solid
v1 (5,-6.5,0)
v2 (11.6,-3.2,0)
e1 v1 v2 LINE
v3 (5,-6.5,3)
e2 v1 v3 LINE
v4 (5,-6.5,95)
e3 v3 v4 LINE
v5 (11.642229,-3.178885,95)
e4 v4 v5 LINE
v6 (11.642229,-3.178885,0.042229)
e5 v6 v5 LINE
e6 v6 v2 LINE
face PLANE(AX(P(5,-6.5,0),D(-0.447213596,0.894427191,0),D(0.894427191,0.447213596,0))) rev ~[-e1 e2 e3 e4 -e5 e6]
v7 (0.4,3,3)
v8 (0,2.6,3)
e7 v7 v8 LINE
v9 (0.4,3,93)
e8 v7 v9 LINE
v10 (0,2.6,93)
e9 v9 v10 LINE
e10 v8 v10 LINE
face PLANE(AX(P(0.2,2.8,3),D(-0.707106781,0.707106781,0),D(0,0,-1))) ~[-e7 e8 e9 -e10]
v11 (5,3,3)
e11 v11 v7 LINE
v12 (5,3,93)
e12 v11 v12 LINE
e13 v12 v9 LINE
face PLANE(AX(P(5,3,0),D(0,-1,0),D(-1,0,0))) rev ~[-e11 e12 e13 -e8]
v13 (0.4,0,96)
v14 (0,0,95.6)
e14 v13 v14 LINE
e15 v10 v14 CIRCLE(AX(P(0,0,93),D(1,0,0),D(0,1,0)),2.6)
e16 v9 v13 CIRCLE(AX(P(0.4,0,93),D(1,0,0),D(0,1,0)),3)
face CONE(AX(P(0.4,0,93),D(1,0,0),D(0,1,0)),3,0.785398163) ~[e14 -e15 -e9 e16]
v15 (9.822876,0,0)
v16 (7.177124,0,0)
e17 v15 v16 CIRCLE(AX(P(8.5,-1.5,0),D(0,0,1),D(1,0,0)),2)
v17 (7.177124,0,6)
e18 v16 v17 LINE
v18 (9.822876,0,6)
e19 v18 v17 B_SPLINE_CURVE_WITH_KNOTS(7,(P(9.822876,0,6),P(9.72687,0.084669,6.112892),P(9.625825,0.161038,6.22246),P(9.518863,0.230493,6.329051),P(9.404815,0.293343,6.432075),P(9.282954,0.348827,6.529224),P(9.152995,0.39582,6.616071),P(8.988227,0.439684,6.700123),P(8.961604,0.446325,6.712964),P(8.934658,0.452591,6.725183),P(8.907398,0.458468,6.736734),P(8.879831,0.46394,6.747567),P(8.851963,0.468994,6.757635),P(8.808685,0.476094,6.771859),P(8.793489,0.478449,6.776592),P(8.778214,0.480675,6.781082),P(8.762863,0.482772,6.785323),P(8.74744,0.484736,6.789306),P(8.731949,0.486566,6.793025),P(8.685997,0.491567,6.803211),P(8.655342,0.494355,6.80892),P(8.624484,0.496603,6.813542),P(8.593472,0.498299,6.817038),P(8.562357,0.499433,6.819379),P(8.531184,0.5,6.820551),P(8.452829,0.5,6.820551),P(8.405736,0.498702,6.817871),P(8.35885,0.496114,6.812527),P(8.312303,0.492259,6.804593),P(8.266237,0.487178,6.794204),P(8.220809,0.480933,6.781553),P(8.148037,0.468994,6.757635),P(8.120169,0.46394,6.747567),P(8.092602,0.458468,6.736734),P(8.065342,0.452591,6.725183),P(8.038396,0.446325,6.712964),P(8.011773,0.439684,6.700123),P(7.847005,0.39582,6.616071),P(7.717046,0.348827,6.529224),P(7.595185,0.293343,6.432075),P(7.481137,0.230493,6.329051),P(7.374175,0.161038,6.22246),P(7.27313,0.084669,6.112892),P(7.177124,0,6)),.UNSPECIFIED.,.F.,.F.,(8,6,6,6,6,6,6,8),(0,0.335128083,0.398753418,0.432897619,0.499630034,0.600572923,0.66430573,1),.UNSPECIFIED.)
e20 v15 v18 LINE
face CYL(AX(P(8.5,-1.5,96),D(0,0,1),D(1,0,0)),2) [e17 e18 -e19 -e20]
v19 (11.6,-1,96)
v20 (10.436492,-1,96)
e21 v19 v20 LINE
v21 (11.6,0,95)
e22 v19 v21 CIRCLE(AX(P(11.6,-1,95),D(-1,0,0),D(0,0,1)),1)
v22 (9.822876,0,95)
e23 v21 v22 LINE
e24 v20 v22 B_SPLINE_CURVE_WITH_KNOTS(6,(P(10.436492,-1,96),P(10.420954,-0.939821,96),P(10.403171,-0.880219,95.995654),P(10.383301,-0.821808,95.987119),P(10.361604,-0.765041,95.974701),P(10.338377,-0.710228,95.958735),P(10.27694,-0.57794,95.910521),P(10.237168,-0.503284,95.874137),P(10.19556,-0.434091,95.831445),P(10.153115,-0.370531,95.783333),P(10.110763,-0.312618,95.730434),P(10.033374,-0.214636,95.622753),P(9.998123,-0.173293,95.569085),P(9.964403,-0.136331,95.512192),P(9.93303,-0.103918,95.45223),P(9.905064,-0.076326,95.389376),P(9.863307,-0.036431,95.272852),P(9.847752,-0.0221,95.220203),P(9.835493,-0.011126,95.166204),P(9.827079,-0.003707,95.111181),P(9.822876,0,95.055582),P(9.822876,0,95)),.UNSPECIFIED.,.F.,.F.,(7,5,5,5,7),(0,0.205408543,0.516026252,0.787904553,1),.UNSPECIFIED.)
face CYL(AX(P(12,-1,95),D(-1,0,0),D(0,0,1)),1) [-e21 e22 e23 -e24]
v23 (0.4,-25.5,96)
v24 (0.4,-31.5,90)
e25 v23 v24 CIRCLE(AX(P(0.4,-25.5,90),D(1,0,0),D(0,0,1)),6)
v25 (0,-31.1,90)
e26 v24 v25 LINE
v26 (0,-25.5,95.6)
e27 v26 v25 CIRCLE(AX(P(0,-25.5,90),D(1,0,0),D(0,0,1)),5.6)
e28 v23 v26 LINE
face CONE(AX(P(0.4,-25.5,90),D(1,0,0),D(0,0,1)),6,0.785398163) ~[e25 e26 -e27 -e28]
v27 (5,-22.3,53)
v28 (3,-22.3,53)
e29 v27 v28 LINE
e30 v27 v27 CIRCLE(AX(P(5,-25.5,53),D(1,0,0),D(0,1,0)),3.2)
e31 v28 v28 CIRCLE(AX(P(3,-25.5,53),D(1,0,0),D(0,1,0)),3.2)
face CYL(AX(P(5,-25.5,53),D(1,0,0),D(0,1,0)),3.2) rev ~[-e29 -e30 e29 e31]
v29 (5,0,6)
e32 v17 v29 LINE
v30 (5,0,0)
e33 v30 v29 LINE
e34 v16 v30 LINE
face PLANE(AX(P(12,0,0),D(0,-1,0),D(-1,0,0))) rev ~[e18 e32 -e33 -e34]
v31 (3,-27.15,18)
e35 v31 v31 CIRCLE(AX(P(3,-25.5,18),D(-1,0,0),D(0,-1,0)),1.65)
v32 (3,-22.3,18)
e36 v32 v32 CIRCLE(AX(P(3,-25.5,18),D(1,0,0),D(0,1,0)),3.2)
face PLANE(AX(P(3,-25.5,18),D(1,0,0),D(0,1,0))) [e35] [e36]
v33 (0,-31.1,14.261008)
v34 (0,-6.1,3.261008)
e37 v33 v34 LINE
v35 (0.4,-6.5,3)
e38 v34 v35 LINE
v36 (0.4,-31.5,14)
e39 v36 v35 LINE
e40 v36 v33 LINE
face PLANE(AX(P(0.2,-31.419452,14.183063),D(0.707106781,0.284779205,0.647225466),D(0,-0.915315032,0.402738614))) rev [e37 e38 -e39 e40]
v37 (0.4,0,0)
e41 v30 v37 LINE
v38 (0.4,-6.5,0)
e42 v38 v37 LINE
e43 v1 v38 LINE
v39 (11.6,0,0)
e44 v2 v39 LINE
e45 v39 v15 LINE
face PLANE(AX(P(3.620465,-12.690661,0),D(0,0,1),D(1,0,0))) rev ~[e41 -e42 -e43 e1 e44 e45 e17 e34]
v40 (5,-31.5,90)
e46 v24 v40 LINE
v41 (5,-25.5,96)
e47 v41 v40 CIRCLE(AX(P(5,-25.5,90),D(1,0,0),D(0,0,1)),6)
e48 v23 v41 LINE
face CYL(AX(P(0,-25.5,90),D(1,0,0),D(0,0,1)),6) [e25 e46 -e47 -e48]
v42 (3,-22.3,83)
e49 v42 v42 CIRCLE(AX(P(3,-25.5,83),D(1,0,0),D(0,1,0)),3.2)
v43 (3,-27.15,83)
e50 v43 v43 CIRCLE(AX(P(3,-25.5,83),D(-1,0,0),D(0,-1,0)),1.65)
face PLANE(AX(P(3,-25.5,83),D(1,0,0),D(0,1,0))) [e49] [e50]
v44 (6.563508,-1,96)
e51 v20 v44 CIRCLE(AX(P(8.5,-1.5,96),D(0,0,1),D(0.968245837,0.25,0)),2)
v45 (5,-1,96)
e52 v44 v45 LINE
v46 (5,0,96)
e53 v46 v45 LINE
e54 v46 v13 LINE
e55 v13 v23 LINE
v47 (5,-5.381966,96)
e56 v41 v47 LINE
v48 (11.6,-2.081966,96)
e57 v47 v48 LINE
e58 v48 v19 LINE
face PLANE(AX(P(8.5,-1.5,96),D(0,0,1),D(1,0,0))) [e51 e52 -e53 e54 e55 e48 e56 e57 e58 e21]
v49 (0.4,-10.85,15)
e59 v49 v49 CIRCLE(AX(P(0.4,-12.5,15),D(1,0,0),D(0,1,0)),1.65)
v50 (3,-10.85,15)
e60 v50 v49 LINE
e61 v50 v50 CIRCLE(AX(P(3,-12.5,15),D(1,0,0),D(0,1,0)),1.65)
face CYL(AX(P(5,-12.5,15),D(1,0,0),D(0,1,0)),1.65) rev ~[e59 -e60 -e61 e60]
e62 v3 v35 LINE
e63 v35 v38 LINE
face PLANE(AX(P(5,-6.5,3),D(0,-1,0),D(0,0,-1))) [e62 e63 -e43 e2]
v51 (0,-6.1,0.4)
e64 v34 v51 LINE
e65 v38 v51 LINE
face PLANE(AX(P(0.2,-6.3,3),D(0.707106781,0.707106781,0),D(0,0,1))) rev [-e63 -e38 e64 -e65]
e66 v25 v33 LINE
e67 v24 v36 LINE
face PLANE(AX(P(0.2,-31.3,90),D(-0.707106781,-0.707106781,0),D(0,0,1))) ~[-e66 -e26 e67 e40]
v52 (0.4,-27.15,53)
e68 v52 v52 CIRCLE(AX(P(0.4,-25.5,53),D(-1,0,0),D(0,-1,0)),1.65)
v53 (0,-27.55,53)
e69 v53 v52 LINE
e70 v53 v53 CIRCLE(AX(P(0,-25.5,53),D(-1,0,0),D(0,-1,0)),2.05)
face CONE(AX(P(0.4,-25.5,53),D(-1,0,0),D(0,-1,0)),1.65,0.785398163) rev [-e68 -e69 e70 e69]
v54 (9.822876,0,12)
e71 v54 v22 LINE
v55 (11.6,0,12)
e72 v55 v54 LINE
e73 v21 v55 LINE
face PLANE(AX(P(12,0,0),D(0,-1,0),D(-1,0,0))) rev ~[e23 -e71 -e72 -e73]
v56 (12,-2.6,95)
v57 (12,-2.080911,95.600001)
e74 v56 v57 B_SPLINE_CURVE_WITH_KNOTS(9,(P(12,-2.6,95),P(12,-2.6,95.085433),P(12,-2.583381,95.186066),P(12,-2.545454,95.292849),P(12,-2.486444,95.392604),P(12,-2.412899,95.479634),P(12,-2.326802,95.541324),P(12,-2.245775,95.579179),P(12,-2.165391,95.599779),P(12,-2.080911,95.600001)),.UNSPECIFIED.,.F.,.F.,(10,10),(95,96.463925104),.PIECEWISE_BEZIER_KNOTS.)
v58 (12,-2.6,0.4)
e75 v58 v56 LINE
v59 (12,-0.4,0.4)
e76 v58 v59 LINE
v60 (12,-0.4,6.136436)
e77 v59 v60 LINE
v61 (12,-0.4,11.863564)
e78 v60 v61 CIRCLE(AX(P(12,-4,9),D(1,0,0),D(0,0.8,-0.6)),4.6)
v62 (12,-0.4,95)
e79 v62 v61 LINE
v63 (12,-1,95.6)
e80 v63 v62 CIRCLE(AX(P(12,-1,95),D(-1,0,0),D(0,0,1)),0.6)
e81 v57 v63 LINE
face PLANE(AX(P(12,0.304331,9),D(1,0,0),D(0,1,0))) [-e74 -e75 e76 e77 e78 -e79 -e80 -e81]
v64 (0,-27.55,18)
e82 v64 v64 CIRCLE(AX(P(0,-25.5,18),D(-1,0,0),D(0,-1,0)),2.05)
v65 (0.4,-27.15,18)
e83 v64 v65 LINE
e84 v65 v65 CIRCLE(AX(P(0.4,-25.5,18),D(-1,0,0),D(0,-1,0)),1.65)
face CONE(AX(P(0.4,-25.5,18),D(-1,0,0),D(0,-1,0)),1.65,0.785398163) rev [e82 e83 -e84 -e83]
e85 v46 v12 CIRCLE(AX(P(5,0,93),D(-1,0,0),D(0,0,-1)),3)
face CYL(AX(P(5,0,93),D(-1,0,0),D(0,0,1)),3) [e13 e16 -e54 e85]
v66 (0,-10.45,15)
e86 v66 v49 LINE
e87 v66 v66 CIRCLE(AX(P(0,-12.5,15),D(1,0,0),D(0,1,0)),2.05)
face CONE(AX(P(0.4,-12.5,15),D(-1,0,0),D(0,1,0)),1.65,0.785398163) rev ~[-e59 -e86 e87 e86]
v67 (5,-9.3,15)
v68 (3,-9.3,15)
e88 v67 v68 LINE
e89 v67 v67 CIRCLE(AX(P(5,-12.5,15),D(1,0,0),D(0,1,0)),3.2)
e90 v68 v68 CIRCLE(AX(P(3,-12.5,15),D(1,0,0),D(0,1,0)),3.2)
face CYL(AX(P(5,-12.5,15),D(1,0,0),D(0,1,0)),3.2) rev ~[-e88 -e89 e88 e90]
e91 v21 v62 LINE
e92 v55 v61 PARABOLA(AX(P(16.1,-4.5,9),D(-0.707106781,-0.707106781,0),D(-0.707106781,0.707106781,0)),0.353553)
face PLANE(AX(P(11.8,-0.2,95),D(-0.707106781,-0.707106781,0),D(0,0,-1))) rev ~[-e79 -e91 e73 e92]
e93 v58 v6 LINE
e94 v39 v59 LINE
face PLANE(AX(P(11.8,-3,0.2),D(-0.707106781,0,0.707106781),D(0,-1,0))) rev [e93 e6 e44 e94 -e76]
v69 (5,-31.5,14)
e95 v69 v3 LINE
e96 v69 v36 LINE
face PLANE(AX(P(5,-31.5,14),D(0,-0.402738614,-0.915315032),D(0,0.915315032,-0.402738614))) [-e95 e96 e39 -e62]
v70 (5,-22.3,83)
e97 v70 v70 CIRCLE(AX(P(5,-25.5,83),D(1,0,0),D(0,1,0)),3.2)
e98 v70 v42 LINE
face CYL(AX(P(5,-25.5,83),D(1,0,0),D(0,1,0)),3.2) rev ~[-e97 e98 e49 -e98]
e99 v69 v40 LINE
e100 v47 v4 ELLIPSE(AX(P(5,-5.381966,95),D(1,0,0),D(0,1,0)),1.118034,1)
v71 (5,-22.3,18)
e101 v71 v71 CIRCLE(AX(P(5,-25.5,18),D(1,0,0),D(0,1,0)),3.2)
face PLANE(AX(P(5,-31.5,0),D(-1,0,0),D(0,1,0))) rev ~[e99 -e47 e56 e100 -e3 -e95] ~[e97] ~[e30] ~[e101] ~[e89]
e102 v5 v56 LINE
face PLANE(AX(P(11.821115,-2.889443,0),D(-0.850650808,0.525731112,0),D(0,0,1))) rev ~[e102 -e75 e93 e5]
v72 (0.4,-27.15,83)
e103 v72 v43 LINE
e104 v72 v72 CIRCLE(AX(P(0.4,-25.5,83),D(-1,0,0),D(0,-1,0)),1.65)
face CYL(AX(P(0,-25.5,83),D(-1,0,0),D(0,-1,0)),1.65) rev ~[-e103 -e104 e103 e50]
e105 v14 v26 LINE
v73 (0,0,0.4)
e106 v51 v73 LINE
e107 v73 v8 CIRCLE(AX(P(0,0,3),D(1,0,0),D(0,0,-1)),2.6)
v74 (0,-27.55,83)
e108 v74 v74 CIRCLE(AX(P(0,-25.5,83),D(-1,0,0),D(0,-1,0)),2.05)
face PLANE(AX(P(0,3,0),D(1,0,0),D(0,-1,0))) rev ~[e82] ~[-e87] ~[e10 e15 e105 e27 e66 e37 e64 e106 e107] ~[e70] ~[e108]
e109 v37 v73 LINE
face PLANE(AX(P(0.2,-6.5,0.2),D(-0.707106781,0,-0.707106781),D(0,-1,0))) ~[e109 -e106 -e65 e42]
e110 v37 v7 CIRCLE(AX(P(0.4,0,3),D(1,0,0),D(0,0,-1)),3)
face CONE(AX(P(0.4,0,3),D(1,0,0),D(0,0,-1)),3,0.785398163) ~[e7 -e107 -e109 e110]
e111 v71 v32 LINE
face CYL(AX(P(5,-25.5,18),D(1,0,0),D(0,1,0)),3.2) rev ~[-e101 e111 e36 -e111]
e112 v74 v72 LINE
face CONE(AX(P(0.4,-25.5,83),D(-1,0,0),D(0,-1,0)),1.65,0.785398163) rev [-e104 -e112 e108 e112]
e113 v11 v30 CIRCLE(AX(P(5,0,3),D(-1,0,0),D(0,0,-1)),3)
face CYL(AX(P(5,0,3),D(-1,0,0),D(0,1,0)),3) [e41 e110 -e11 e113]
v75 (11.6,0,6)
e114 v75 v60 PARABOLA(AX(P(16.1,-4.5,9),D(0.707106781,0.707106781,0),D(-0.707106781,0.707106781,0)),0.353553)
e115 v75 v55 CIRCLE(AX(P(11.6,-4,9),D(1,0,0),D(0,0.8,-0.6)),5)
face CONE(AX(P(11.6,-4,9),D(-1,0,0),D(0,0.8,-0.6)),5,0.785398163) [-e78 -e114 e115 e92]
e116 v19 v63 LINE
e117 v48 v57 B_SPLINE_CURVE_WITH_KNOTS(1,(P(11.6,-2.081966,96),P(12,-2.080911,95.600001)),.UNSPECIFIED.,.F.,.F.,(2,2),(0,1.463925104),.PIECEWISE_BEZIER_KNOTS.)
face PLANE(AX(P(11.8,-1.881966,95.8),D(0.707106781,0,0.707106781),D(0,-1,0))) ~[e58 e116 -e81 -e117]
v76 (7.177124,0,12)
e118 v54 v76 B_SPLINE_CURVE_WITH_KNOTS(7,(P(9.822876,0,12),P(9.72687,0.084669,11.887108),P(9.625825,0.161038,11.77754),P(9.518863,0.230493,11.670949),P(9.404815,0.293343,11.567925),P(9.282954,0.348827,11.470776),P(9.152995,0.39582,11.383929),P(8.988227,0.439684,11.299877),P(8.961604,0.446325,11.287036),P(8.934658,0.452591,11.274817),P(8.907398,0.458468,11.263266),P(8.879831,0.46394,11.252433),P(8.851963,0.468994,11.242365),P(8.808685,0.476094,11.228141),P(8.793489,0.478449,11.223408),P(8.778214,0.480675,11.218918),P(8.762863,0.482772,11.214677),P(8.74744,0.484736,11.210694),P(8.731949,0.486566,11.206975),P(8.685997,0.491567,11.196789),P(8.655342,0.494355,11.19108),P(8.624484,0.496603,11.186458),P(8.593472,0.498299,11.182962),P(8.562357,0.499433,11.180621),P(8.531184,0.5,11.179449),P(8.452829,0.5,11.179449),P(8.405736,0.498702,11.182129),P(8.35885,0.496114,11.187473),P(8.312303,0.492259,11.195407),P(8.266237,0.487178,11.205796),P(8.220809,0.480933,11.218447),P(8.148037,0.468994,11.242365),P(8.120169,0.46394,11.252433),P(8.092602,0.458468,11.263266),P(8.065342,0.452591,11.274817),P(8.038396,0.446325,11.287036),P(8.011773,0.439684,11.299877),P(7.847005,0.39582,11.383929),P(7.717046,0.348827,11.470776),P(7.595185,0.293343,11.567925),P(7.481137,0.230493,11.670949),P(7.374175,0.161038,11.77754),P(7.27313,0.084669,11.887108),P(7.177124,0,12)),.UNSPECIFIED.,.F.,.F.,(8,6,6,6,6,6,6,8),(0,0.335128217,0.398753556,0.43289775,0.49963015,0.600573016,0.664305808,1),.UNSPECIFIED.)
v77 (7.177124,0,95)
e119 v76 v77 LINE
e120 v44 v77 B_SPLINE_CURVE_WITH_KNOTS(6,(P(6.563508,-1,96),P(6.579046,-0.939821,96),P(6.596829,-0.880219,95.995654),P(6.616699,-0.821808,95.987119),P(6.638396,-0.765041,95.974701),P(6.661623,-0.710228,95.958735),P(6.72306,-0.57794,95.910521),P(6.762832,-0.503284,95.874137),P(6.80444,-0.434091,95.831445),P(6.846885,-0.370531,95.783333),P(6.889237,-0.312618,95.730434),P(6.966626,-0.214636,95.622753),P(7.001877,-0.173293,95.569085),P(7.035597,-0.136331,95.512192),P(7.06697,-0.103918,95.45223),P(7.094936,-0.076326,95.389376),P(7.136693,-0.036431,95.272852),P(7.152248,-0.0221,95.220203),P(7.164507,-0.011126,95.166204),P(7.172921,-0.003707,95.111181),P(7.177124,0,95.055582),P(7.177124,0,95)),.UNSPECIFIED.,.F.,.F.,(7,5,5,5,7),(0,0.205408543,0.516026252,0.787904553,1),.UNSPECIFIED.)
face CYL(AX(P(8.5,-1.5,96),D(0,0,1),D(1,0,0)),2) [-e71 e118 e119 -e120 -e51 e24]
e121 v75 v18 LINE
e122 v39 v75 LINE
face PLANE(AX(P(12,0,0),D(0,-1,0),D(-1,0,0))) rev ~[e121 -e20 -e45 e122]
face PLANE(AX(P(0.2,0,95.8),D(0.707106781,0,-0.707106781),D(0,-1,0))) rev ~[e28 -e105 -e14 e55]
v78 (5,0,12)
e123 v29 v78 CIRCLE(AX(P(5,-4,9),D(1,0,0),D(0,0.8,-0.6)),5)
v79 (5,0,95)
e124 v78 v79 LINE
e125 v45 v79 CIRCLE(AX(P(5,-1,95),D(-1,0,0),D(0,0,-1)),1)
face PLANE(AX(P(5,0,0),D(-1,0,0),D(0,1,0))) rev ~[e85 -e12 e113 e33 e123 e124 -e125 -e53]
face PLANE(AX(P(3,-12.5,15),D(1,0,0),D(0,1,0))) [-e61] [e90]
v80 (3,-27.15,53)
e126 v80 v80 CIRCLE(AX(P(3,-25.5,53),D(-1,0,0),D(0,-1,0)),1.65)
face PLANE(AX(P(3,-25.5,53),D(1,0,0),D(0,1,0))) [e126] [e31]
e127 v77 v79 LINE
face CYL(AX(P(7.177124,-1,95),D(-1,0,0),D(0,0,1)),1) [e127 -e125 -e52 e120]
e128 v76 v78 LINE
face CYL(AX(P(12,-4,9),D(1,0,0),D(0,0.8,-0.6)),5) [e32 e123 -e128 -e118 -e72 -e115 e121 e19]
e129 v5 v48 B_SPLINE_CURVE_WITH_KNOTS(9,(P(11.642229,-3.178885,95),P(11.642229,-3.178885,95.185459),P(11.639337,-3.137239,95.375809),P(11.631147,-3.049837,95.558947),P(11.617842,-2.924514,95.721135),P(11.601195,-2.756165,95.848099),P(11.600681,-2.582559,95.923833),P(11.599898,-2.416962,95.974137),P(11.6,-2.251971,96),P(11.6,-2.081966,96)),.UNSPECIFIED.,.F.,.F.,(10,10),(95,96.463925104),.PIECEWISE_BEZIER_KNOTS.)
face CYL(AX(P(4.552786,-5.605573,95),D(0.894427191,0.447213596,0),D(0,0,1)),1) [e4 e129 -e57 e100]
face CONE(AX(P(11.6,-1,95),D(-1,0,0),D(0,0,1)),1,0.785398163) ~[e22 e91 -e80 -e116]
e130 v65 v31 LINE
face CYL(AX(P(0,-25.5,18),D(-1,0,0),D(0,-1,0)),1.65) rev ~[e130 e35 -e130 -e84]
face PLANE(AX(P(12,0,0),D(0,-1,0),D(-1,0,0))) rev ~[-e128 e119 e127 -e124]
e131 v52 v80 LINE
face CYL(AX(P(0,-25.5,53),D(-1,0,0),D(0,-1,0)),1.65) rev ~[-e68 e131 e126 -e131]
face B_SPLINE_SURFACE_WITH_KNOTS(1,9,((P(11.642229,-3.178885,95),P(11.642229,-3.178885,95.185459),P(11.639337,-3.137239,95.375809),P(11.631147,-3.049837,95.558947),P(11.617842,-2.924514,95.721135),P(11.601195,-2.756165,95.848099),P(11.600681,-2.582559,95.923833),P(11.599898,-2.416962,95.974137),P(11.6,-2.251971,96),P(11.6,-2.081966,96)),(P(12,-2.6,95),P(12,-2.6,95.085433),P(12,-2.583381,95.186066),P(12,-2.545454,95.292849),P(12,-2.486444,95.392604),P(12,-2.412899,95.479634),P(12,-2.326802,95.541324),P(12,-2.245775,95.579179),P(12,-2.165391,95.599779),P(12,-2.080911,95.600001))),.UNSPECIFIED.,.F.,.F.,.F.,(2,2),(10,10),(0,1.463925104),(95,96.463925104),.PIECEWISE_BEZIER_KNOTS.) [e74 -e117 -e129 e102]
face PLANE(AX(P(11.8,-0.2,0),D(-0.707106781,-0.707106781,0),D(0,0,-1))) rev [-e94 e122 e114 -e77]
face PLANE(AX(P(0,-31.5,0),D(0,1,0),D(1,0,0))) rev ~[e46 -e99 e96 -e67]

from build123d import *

# Parameters (mm, degrees)
PAD_DEPTH       = 96
SKETCH001_R     = 2
PAD001_DEPTH    = 96
PAD002_DEPTH    = 7
SKETCH003_R     = 1.65
POCKET_DEPTH    = 12.001
SKETCH004_R     = 3.2
POCKET001_DEPTH = 2
POCKET004_DEPTH = 5.001
SKETCH014_R     = 1.65
POCKET010_DEPTH = 5.001
SKETCH015_R     = 3.2
POCKET011_DEPTH = 2
FILLET_R        = 6
FILLET001_R     = 3
CHAMFER001_SIZE = 0.4
FILLET002_R     = 1
CHAMFER002_SIZE = 0.4


with BuildPart() as part:
    # Sketch → Pad (new body)
    with BuildSketch(Plane.XY):
        Polygon((0, 0), (0, 3), (-5, 3), (-5, -31.5), (0, -31.5), (0, -6.5), (7, -3), (7, 0), align=None)
    extrude(amount=PAD_DEPTH)

    # Sketch001 (on Face10 of Pad) → Pad001 (join)
    with BuildSketch(Plane.XY.offset(96)):
        with Locations((3.5, -1.5)):
            Circle(SKETCH001_R)
    extrude(amount=-PAD001_DEPTH)

    # Sketch002 (on Face7 of Pad001) → Pad002 (join)
    with BuildSketch(Plane.YZ.offset(7)):
        with BuildLine():
            ThreePointArc((0, 6), (1, 9), (0, 12))
            Line((0, 12), (0, 6))
        make_face()
    extrude(amount=-PAD002_DEPTH)

    # Sketch003 (on Face14 of Pad002) → Pocket (cut, through all)
    with BuildSketch(Plane(origin=(-5, 0, 0), x_dir=(0, -1, 0), z_dir=(-1, 0, 0))):
        with Locations((25.5, 18)):
            Circle(SKETCH003_R)
        with Locations((25.5, 53)):
            Circle(SKETCH003_R)
        with Locations((25.5, 83)):
            Circle(SKETCH003_R)
    extrude(amount=-POCKET_DEPTH, mode=Mode.SUBTRACT)

    # Sketch004 (on Face12 of Pocket) → Pocket001 (cut)
    with BuildSketch(Plane.YZ):
        with Locations((-25.5, 83)):
            Circle(SKETCH004_R)
        with Locations((-25.5, 53)):
            Circle(SKETCH004_R)
        with Locations((-25.5, 18)):
            Circle(SKETCH004_R)
    extrude(amount=-POCKET001_DEPTH, mode=Mode.SUBTRACT)

    # Sketch008 (on Face12 of Pocket001) → Pocket004 (cut, through all)
    with BuildSketch(Plane.YZ):
        Polygon((-31.5, 0), (-31.5, 14), (-6.5, 3), (-6.5, 0), align=None)
    extrude(amount=-POCKET004_DEPTH, mode=Mode.SUBTRACT)

    # Sketch014 (on Face15 of Pocket004) → Pocket010 (cut, through all)
    with BuildSketch(Plane.YZ):
        with Locations((-12.5, 15)):
            Circle(SKETCH014_R)
    extrude(amount=-POCKET010_DEPTH, mode=Mode.SUBTRACT)

    # Sketch015 (on Face15 of Pocket010) → Pocket011 (cut)
    with BuildSketch(Plane.YZ):
        with Locations((-12.5, 15)):
            Circle(SKETCH015_R)
    extrude(amount=-POCKET011_DEPTH, mode=Mode.SUBTRACT)

    # Fillet
    fillet_edges = [part.edges().sort_by_distance(p)[0] for p in [
        (-2.5, -31.5, 96),
    ]]
    fillet(fillet_edges, radius=FILLET_R)

    # Fillet001
    fillet001_edges = [part.edges().sort_by_distance(p)[0] for p in [
        (-2.5, 3, 0),
        (-2.5, 3, 96),
    ]]
    fillet(fillet001_edges, radius=FILLET001_R)

    # Chamfer001
    chamfer001_edges = [part.edges().sort_by_distance(p)[0] for p in [
        (-5, -12.75, 96),
        (-5, 2.12132, 95.12132),
        (-5, -29.742641, 94.242641),
        (-5, 3, 48),
        (-5, -31.5, 52),
        (-5, 2.12132, 0.87868),
        (-5, -19, 8.5),
        (-5, -3.25, 0),
        (-5, -6.5, 1.5),
        (-5, -23.85, 83),
        (-5, -23.85, 53),
        (-5, -14.15, 15),
        (-5, -23.85, 18),
    ]]
    chamfer(chamfer001_edges, length=CHAMFER001_SIZE)

    # Fillet002
    fillet002_edges = [part.edges().sort_by_distance(p)[0] for p in [
        (1.088562, 0, 96),
        (5.911438, 0, 96),
        (3.5, -4.75, 96),
    ]]
    fillet(fillet002_edges, radius=FILLET002_R)

    # Chamfer002
    chamfer002_edges = [part.edges().sort_by_distance(p)[0] for p in [
        (7, -3, 47.5),
        (7, -1.5, 0),
        (7, 0, 3),
        (7, 1, 9),
        (7, 0, 53.5),
        (7, -0.292893, 95.707107),
        (7, -1.440983, 96),
        (7, -2.650284, 95.726464),
    ]]
    chamfer(chamfer002_edges, length=CHAMFER002_SIZE)


with BuildPart() as part_1:
    # Body placement: moved
    add(part.part.moved(Location((5, 0, 0))))


solid = part_1.part
